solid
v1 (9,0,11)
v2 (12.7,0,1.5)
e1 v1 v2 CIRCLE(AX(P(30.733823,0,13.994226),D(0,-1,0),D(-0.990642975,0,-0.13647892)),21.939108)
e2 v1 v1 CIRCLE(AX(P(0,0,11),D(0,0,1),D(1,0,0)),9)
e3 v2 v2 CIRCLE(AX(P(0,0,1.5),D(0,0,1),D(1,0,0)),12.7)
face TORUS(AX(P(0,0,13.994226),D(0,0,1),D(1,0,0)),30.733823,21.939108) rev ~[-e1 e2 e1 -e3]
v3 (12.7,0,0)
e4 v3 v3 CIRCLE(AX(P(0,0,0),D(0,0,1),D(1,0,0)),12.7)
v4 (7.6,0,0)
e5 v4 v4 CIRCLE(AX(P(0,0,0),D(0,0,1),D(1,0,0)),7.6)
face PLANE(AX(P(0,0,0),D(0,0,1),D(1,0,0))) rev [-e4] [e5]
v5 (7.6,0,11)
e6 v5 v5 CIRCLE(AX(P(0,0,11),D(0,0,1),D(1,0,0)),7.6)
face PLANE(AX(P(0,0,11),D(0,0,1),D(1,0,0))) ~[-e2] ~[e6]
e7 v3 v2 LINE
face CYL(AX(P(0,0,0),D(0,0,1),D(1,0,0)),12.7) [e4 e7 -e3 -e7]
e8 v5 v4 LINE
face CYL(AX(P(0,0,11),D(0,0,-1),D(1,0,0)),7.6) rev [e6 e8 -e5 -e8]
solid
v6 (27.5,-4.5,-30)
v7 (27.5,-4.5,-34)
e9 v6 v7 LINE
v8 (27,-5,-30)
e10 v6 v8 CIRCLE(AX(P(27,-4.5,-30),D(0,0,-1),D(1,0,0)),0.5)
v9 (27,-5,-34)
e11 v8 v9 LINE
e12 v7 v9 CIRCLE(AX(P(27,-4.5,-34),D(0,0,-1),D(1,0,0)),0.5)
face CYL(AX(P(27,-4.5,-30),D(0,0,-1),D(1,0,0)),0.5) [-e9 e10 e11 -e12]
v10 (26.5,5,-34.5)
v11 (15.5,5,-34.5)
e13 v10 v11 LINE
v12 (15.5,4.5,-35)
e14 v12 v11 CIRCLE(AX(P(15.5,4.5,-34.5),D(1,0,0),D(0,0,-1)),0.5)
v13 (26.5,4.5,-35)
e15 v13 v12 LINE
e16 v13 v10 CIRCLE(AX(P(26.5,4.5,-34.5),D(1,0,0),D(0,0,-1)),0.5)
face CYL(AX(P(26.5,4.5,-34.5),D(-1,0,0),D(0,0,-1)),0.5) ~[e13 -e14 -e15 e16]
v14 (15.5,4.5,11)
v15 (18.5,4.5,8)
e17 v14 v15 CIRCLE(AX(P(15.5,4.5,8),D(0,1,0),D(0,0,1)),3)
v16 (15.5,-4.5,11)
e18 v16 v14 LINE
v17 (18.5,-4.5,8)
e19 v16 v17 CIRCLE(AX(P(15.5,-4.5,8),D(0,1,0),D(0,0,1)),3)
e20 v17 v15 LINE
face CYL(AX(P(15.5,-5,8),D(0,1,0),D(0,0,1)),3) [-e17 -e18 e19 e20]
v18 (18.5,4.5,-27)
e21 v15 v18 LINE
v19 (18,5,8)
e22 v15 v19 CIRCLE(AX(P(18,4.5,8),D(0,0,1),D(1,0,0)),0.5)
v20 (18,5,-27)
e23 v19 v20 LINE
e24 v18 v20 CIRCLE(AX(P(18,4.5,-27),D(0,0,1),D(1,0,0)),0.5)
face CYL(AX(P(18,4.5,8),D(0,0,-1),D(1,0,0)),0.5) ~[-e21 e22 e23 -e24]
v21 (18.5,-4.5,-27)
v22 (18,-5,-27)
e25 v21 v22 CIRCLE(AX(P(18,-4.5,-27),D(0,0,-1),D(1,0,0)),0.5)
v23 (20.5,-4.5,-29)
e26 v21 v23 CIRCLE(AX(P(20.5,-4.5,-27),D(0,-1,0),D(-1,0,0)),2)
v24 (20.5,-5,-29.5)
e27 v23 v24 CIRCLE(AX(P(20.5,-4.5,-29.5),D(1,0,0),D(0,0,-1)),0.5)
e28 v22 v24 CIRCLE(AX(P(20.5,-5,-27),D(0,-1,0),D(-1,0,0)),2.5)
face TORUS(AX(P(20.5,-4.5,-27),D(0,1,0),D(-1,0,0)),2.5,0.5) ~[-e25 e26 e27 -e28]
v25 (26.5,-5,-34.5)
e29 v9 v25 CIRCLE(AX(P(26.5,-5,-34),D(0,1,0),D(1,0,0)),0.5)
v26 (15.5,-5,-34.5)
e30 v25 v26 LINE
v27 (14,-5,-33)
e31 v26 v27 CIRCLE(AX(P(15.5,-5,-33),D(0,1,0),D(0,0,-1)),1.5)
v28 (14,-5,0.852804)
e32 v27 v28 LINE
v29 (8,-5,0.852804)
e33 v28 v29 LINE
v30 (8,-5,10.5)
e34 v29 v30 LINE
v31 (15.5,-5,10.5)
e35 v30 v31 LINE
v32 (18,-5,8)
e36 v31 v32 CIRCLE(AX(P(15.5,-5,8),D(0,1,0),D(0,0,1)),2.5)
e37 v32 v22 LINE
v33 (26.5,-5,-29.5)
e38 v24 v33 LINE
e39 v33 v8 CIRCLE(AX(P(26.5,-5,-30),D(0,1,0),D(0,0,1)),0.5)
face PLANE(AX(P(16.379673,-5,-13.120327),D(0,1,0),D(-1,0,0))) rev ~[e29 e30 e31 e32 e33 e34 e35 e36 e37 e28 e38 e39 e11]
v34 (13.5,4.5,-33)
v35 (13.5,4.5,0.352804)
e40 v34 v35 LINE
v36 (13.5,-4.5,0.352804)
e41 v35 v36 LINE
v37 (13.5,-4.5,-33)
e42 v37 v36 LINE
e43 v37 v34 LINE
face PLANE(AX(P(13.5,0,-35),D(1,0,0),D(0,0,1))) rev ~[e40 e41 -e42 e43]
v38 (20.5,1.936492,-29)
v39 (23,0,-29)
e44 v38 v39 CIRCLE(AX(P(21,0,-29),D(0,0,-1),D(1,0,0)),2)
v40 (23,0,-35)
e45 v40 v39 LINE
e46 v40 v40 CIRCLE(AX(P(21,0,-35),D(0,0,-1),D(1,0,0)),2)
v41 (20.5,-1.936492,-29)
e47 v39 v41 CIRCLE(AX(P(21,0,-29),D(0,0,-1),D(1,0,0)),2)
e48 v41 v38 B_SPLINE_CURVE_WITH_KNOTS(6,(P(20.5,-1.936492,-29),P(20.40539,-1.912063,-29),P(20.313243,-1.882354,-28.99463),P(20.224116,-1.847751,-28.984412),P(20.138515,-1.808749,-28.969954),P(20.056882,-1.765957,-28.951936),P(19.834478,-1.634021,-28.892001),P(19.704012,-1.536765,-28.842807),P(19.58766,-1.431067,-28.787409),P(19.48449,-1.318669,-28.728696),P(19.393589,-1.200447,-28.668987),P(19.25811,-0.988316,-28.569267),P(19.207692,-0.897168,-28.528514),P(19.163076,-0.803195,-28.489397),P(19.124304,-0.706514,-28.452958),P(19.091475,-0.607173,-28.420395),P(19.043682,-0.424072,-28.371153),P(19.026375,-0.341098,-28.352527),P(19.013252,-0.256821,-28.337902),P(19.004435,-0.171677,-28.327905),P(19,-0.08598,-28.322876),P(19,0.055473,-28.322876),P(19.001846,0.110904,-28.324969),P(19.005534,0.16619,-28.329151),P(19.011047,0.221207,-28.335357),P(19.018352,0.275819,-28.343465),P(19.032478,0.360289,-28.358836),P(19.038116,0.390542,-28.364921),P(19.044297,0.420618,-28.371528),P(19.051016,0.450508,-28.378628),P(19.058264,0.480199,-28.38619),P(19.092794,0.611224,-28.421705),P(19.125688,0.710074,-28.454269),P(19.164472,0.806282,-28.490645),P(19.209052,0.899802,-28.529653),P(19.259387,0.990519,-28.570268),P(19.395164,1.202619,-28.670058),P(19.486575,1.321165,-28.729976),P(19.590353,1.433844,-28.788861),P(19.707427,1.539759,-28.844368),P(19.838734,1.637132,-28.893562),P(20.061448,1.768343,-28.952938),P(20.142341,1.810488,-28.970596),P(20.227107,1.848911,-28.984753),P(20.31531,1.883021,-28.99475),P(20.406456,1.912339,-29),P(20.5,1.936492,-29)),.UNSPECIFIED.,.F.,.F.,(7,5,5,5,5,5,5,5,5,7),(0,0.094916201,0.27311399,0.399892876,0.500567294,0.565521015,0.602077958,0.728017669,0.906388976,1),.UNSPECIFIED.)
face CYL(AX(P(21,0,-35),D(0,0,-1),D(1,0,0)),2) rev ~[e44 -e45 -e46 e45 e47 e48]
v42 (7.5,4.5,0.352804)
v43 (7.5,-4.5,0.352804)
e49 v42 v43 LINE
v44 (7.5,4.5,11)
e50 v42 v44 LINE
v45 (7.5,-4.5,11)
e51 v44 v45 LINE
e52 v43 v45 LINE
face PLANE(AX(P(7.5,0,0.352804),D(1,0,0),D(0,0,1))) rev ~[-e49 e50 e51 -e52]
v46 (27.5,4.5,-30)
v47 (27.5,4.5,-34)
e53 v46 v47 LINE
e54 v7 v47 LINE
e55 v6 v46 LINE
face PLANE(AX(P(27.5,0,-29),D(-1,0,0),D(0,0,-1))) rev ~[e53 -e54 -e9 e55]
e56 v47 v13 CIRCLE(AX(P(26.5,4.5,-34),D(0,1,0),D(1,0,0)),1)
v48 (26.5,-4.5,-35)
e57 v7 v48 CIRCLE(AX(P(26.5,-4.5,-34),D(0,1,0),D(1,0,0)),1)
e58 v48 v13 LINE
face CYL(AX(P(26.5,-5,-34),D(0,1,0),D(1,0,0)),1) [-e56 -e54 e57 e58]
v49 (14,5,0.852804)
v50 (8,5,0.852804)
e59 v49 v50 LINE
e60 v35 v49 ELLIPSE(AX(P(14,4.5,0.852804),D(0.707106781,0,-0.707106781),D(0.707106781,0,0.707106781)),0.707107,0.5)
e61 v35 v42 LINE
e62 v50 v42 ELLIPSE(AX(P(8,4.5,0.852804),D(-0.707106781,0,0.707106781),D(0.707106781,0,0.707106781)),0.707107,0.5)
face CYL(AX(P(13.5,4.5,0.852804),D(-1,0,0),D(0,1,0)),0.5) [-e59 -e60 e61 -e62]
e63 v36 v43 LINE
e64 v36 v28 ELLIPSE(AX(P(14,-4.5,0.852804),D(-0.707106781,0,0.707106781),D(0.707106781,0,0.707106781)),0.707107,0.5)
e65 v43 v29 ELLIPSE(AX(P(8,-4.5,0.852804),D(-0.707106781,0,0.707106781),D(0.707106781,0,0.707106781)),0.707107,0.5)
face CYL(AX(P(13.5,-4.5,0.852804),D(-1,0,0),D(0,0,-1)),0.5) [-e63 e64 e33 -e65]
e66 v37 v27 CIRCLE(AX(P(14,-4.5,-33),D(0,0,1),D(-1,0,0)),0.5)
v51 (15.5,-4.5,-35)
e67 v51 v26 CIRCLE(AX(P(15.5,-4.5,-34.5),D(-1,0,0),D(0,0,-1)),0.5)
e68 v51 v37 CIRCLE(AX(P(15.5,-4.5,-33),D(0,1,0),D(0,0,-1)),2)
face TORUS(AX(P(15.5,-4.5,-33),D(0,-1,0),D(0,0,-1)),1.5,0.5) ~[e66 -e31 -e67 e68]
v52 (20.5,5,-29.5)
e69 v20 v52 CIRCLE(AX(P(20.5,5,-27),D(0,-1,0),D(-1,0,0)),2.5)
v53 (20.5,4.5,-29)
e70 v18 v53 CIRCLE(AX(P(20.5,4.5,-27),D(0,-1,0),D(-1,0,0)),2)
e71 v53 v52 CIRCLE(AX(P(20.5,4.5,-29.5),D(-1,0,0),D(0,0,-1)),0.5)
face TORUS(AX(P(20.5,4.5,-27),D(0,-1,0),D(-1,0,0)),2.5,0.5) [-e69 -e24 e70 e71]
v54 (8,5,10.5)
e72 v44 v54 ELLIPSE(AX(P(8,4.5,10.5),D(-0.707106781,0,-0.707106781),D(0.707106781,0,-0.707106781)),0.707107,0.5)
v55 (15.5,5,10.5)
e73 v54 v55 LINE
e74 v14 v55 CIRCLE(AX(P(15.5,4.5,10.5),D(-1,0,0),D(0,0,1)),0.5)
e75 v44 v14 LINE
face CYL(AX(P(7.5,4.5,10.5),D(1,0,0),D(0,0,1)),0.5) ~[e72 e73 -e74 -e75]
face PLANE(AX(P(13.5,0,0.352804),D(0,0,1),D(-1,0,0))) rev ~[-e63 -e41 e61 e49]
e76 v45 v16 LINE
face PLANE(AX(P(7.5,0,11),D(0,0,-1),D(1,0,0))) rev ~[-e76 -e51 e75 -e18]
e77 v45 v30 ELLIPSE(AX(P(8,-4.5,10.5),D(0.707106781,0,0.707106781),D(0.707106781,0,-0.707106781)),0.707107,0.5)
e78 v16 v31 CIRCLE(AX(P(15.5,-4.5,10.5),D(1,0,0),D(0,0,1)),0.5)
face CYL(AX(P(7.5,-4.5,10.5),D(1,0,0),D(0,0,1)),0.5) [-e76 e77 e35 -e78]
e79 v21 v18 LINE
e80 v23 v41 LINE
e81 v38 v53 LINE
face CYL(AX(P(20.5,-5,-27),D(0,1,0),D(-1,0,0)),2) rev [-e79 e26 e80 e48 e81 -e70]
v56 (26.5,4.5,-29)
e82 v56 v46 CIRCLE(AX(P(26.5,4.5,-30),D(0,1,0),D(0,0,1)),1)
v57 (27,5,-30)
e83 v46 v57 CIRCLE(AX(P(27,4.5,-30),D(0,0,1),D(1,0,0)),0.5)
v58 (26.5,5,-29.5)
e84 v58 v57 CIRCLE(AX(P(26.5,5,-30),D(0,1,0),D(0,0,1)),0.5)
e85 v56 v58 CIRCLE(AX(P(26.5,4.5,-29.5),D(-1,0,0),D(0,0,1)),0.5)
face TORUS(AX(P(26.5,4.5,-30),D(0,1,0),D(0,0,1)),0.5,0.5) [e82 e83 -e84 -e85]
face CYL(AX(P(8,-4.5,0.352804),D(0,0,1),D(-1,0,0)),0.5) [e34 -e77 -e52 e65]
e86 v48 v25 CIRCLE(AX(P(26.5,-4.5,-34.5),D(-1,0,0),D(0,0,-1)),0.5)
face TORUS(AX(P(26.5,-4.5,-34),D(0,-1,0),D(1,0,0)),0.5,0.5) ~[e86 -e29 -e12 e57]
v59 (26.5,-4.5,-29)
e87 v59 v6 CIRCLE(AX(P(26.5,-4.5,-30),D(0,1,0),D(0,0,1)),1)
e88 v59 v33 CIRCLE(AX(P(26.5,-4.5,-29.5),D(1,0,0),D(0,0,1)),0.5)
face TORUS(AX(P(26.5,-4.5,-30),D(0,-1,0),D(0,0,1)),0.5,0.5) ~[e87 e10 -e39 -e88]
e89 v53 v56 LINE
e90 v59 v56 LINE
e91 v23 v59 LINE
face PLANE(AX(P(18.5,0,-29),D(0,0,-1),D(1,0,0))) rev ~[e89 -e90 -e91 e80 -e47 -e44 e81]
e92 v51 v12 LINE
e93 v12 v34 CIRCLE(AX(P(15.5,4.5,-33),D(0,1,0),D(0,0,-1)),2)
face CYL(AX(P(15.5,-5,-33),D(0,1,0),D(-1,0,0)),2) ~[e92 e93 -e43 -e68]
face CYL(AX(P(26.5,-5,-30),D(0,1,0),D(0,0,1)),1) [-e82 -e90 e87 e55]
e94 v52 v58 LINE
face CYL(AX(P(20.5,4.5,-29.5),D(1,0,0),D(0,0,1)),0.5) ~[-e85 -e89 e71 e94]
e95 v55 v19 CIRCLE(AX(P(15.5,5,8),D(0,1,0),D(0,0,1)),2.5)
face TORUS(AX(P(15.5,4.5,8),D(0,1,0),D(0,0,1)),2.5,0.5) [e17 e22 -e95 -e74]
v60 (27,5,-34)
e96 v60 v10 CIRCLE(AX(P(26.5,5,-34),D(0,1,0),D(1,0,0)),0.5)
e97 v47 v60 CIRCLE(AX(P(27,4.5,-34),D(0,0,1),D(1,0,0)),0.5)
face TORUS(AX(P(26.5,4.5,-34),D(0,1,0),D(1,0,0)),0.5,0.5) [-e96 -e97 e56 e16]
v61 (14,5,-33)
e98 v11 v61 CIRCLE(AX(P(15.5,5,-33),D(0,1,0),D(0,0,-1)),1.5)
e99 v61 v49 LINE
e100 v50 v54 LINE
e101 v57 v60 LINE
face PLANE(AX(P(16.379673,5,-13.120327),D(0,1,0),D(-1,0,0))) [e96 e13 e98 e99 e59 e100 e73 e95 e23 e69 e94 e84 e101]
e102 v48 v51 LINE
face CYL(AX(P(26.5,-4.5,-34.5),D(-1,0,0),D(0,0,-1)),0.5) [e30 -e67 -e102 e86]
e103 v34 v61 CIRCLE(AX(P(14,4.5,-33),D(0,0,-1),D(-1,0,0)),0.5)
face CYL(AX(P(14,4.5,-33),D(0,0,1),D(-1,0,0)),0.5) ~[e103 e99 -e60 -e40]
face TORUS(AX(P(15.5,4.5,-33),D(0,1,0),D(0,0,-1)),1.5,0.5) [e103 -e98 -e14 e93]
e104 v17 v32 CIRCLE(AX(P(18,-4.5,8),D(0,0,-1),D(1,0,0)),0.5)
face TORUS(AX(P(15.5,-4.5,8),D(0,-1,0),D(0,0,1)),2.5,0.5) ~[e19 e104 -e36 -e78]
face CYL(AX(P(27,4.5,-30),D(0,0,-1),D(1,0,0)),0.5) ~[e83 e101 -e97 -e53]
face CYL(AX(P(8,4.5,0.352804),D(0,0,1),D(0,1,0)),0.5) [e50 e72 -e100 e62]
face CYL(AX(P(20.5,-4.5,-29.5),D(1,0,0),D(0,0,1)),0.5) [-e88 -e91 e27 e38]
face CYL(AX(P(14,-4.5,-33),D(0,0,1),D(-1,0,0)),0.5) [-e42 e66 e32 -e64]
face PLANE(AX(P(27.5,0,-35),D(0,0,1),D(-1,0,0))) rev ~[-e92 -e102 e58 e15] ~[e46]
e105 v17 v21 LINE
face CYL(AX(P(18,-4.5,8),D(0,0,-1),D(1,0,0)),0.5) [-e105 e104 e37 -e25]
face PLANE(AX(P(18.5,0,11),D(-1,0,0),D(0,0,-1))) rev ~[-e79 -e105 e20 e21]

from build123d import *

# Parameters (mm, degrees)
PAD_DEPTH    = 5
FILLET_R     = 3
FILLET001_R  = 2
FILLET002_R  = 1
FILLET003_R  = 0.5
FILLET004_R  = 0.5
SKETCH_R     = 2
POCKET_DEPTH = 46.001


with BuildPart() as revolution:
    # Sketch002 → Revolution (revolve)
    with BuildSketch(Plane.XZ):
        with BuildLine():
            Line((7.6, 11), (7.6, 0))
            Line((7.6, 0), (12.7, 0))
            Line((12.7, 0), (12.7, 1.5))
            ThreePointArc((9, 11), (10.290513, 6.032095), (12.7, 1.5))
            Line((7.6, 11), (9, 11))
        make_face()
    revolve(axis=Axis((0, 0, 0), (0, 0, 1)))


with BuildPart() as pocket:
    # Sketch003 → Pad (new body, symmetric)
    with BuildSketch(Plane.XZ):
        Polygon((7.5, 11), (18.5, 11), (18.5, -29), (27.5, -29), (27.5, -35), (13.5, -35), (13.5, 0.352804), (7.5, 0.352804), align=None)
    extrude(amount=PAD_DEPTH, both=True)

    # Fillet
    fillet_edges = [pocket.edges().sort_by_distance(p)[0] for p in [
        (18.5, 0, 11),
    ]]
    fillet(fillet_edges, radius=FILLET_R)

    # Fillet001
    fillet001_edges = [pocket.edges().sort_by_distance(p)[0] for p in [
        (13.5, 0, -35),
        (18.5, 0, -29),
    ]]
    fillet(fillet001_edges, radius=FILLET001_R)

    # Fillet002
    fillet002_edges = [pocket.edges().sort_by_distance(p)[0] for p in [
        (27.5, 0, -29),
        (27.5, 0, -35),
    ]]
    fillet(fillet002_edges, radius=FILLET002_R)

    # Fillet003
    fillet003_edges = [pocket.edges().sort_by_distance(p)[0] for p in [
        (23.5, -5, -29),
        (27.207107, -5, -29.292893),
        (19.085786, -5, -28.414214),
        (27.5, -5, -32),
        (18.5, -5, -9.5),
        (27.207107, -5, -34.707107),
        (17.62132, -5, 10.12132),
        (21, -5, -35),
        (11.5, -5, 11),
        (14.085786, -5, -34.414214),
        (7.5, -5, 5.676402),
        (13.5, -5, -16.323598),
        (10.5, -5, 0.352804),
    ]]
    fillet(fillet003_edges, radius=FILLET003_R)

    # Fillet004
    fillet004_edges = [pocket.edges().sort_by_distance(p)[0] for p in [
        (23.5, 5, -29),
        (27.207107, 5, -29.292893),
        (19.085786, 5, -28.414214),
        (27.5, 5, -32),
        (18.5, 5, -9.5),
        (27.207107, 5, -34.707107),
        (17.62132, 5, 10.12132),
        (21, 5, -35),
        (11.5, 5, 11),
        (14.085786, 5, -34.414214),
        (7.5, 5, 5.676402),
        (13.5, 5, -16.323598),
        (10.5, 5, 0.352804),
    ]]
    fillet(fillet004_edges, radius=FILLET004_R)

    # Sketch → Pocket (cut, through all)
    with BuildSketch(Plane(origin=(0, 0, -35), x_dir=(1, 0, 0), z_dir=(0, 0, -1))):
        with Locations((21, 0)):
            Circle(SKETCH_R)
    extrude(amount=-POCKET_DEPTH, mode=Mode.SUBTRACT)


solid = Compound([revolution.part, pocket.part])
